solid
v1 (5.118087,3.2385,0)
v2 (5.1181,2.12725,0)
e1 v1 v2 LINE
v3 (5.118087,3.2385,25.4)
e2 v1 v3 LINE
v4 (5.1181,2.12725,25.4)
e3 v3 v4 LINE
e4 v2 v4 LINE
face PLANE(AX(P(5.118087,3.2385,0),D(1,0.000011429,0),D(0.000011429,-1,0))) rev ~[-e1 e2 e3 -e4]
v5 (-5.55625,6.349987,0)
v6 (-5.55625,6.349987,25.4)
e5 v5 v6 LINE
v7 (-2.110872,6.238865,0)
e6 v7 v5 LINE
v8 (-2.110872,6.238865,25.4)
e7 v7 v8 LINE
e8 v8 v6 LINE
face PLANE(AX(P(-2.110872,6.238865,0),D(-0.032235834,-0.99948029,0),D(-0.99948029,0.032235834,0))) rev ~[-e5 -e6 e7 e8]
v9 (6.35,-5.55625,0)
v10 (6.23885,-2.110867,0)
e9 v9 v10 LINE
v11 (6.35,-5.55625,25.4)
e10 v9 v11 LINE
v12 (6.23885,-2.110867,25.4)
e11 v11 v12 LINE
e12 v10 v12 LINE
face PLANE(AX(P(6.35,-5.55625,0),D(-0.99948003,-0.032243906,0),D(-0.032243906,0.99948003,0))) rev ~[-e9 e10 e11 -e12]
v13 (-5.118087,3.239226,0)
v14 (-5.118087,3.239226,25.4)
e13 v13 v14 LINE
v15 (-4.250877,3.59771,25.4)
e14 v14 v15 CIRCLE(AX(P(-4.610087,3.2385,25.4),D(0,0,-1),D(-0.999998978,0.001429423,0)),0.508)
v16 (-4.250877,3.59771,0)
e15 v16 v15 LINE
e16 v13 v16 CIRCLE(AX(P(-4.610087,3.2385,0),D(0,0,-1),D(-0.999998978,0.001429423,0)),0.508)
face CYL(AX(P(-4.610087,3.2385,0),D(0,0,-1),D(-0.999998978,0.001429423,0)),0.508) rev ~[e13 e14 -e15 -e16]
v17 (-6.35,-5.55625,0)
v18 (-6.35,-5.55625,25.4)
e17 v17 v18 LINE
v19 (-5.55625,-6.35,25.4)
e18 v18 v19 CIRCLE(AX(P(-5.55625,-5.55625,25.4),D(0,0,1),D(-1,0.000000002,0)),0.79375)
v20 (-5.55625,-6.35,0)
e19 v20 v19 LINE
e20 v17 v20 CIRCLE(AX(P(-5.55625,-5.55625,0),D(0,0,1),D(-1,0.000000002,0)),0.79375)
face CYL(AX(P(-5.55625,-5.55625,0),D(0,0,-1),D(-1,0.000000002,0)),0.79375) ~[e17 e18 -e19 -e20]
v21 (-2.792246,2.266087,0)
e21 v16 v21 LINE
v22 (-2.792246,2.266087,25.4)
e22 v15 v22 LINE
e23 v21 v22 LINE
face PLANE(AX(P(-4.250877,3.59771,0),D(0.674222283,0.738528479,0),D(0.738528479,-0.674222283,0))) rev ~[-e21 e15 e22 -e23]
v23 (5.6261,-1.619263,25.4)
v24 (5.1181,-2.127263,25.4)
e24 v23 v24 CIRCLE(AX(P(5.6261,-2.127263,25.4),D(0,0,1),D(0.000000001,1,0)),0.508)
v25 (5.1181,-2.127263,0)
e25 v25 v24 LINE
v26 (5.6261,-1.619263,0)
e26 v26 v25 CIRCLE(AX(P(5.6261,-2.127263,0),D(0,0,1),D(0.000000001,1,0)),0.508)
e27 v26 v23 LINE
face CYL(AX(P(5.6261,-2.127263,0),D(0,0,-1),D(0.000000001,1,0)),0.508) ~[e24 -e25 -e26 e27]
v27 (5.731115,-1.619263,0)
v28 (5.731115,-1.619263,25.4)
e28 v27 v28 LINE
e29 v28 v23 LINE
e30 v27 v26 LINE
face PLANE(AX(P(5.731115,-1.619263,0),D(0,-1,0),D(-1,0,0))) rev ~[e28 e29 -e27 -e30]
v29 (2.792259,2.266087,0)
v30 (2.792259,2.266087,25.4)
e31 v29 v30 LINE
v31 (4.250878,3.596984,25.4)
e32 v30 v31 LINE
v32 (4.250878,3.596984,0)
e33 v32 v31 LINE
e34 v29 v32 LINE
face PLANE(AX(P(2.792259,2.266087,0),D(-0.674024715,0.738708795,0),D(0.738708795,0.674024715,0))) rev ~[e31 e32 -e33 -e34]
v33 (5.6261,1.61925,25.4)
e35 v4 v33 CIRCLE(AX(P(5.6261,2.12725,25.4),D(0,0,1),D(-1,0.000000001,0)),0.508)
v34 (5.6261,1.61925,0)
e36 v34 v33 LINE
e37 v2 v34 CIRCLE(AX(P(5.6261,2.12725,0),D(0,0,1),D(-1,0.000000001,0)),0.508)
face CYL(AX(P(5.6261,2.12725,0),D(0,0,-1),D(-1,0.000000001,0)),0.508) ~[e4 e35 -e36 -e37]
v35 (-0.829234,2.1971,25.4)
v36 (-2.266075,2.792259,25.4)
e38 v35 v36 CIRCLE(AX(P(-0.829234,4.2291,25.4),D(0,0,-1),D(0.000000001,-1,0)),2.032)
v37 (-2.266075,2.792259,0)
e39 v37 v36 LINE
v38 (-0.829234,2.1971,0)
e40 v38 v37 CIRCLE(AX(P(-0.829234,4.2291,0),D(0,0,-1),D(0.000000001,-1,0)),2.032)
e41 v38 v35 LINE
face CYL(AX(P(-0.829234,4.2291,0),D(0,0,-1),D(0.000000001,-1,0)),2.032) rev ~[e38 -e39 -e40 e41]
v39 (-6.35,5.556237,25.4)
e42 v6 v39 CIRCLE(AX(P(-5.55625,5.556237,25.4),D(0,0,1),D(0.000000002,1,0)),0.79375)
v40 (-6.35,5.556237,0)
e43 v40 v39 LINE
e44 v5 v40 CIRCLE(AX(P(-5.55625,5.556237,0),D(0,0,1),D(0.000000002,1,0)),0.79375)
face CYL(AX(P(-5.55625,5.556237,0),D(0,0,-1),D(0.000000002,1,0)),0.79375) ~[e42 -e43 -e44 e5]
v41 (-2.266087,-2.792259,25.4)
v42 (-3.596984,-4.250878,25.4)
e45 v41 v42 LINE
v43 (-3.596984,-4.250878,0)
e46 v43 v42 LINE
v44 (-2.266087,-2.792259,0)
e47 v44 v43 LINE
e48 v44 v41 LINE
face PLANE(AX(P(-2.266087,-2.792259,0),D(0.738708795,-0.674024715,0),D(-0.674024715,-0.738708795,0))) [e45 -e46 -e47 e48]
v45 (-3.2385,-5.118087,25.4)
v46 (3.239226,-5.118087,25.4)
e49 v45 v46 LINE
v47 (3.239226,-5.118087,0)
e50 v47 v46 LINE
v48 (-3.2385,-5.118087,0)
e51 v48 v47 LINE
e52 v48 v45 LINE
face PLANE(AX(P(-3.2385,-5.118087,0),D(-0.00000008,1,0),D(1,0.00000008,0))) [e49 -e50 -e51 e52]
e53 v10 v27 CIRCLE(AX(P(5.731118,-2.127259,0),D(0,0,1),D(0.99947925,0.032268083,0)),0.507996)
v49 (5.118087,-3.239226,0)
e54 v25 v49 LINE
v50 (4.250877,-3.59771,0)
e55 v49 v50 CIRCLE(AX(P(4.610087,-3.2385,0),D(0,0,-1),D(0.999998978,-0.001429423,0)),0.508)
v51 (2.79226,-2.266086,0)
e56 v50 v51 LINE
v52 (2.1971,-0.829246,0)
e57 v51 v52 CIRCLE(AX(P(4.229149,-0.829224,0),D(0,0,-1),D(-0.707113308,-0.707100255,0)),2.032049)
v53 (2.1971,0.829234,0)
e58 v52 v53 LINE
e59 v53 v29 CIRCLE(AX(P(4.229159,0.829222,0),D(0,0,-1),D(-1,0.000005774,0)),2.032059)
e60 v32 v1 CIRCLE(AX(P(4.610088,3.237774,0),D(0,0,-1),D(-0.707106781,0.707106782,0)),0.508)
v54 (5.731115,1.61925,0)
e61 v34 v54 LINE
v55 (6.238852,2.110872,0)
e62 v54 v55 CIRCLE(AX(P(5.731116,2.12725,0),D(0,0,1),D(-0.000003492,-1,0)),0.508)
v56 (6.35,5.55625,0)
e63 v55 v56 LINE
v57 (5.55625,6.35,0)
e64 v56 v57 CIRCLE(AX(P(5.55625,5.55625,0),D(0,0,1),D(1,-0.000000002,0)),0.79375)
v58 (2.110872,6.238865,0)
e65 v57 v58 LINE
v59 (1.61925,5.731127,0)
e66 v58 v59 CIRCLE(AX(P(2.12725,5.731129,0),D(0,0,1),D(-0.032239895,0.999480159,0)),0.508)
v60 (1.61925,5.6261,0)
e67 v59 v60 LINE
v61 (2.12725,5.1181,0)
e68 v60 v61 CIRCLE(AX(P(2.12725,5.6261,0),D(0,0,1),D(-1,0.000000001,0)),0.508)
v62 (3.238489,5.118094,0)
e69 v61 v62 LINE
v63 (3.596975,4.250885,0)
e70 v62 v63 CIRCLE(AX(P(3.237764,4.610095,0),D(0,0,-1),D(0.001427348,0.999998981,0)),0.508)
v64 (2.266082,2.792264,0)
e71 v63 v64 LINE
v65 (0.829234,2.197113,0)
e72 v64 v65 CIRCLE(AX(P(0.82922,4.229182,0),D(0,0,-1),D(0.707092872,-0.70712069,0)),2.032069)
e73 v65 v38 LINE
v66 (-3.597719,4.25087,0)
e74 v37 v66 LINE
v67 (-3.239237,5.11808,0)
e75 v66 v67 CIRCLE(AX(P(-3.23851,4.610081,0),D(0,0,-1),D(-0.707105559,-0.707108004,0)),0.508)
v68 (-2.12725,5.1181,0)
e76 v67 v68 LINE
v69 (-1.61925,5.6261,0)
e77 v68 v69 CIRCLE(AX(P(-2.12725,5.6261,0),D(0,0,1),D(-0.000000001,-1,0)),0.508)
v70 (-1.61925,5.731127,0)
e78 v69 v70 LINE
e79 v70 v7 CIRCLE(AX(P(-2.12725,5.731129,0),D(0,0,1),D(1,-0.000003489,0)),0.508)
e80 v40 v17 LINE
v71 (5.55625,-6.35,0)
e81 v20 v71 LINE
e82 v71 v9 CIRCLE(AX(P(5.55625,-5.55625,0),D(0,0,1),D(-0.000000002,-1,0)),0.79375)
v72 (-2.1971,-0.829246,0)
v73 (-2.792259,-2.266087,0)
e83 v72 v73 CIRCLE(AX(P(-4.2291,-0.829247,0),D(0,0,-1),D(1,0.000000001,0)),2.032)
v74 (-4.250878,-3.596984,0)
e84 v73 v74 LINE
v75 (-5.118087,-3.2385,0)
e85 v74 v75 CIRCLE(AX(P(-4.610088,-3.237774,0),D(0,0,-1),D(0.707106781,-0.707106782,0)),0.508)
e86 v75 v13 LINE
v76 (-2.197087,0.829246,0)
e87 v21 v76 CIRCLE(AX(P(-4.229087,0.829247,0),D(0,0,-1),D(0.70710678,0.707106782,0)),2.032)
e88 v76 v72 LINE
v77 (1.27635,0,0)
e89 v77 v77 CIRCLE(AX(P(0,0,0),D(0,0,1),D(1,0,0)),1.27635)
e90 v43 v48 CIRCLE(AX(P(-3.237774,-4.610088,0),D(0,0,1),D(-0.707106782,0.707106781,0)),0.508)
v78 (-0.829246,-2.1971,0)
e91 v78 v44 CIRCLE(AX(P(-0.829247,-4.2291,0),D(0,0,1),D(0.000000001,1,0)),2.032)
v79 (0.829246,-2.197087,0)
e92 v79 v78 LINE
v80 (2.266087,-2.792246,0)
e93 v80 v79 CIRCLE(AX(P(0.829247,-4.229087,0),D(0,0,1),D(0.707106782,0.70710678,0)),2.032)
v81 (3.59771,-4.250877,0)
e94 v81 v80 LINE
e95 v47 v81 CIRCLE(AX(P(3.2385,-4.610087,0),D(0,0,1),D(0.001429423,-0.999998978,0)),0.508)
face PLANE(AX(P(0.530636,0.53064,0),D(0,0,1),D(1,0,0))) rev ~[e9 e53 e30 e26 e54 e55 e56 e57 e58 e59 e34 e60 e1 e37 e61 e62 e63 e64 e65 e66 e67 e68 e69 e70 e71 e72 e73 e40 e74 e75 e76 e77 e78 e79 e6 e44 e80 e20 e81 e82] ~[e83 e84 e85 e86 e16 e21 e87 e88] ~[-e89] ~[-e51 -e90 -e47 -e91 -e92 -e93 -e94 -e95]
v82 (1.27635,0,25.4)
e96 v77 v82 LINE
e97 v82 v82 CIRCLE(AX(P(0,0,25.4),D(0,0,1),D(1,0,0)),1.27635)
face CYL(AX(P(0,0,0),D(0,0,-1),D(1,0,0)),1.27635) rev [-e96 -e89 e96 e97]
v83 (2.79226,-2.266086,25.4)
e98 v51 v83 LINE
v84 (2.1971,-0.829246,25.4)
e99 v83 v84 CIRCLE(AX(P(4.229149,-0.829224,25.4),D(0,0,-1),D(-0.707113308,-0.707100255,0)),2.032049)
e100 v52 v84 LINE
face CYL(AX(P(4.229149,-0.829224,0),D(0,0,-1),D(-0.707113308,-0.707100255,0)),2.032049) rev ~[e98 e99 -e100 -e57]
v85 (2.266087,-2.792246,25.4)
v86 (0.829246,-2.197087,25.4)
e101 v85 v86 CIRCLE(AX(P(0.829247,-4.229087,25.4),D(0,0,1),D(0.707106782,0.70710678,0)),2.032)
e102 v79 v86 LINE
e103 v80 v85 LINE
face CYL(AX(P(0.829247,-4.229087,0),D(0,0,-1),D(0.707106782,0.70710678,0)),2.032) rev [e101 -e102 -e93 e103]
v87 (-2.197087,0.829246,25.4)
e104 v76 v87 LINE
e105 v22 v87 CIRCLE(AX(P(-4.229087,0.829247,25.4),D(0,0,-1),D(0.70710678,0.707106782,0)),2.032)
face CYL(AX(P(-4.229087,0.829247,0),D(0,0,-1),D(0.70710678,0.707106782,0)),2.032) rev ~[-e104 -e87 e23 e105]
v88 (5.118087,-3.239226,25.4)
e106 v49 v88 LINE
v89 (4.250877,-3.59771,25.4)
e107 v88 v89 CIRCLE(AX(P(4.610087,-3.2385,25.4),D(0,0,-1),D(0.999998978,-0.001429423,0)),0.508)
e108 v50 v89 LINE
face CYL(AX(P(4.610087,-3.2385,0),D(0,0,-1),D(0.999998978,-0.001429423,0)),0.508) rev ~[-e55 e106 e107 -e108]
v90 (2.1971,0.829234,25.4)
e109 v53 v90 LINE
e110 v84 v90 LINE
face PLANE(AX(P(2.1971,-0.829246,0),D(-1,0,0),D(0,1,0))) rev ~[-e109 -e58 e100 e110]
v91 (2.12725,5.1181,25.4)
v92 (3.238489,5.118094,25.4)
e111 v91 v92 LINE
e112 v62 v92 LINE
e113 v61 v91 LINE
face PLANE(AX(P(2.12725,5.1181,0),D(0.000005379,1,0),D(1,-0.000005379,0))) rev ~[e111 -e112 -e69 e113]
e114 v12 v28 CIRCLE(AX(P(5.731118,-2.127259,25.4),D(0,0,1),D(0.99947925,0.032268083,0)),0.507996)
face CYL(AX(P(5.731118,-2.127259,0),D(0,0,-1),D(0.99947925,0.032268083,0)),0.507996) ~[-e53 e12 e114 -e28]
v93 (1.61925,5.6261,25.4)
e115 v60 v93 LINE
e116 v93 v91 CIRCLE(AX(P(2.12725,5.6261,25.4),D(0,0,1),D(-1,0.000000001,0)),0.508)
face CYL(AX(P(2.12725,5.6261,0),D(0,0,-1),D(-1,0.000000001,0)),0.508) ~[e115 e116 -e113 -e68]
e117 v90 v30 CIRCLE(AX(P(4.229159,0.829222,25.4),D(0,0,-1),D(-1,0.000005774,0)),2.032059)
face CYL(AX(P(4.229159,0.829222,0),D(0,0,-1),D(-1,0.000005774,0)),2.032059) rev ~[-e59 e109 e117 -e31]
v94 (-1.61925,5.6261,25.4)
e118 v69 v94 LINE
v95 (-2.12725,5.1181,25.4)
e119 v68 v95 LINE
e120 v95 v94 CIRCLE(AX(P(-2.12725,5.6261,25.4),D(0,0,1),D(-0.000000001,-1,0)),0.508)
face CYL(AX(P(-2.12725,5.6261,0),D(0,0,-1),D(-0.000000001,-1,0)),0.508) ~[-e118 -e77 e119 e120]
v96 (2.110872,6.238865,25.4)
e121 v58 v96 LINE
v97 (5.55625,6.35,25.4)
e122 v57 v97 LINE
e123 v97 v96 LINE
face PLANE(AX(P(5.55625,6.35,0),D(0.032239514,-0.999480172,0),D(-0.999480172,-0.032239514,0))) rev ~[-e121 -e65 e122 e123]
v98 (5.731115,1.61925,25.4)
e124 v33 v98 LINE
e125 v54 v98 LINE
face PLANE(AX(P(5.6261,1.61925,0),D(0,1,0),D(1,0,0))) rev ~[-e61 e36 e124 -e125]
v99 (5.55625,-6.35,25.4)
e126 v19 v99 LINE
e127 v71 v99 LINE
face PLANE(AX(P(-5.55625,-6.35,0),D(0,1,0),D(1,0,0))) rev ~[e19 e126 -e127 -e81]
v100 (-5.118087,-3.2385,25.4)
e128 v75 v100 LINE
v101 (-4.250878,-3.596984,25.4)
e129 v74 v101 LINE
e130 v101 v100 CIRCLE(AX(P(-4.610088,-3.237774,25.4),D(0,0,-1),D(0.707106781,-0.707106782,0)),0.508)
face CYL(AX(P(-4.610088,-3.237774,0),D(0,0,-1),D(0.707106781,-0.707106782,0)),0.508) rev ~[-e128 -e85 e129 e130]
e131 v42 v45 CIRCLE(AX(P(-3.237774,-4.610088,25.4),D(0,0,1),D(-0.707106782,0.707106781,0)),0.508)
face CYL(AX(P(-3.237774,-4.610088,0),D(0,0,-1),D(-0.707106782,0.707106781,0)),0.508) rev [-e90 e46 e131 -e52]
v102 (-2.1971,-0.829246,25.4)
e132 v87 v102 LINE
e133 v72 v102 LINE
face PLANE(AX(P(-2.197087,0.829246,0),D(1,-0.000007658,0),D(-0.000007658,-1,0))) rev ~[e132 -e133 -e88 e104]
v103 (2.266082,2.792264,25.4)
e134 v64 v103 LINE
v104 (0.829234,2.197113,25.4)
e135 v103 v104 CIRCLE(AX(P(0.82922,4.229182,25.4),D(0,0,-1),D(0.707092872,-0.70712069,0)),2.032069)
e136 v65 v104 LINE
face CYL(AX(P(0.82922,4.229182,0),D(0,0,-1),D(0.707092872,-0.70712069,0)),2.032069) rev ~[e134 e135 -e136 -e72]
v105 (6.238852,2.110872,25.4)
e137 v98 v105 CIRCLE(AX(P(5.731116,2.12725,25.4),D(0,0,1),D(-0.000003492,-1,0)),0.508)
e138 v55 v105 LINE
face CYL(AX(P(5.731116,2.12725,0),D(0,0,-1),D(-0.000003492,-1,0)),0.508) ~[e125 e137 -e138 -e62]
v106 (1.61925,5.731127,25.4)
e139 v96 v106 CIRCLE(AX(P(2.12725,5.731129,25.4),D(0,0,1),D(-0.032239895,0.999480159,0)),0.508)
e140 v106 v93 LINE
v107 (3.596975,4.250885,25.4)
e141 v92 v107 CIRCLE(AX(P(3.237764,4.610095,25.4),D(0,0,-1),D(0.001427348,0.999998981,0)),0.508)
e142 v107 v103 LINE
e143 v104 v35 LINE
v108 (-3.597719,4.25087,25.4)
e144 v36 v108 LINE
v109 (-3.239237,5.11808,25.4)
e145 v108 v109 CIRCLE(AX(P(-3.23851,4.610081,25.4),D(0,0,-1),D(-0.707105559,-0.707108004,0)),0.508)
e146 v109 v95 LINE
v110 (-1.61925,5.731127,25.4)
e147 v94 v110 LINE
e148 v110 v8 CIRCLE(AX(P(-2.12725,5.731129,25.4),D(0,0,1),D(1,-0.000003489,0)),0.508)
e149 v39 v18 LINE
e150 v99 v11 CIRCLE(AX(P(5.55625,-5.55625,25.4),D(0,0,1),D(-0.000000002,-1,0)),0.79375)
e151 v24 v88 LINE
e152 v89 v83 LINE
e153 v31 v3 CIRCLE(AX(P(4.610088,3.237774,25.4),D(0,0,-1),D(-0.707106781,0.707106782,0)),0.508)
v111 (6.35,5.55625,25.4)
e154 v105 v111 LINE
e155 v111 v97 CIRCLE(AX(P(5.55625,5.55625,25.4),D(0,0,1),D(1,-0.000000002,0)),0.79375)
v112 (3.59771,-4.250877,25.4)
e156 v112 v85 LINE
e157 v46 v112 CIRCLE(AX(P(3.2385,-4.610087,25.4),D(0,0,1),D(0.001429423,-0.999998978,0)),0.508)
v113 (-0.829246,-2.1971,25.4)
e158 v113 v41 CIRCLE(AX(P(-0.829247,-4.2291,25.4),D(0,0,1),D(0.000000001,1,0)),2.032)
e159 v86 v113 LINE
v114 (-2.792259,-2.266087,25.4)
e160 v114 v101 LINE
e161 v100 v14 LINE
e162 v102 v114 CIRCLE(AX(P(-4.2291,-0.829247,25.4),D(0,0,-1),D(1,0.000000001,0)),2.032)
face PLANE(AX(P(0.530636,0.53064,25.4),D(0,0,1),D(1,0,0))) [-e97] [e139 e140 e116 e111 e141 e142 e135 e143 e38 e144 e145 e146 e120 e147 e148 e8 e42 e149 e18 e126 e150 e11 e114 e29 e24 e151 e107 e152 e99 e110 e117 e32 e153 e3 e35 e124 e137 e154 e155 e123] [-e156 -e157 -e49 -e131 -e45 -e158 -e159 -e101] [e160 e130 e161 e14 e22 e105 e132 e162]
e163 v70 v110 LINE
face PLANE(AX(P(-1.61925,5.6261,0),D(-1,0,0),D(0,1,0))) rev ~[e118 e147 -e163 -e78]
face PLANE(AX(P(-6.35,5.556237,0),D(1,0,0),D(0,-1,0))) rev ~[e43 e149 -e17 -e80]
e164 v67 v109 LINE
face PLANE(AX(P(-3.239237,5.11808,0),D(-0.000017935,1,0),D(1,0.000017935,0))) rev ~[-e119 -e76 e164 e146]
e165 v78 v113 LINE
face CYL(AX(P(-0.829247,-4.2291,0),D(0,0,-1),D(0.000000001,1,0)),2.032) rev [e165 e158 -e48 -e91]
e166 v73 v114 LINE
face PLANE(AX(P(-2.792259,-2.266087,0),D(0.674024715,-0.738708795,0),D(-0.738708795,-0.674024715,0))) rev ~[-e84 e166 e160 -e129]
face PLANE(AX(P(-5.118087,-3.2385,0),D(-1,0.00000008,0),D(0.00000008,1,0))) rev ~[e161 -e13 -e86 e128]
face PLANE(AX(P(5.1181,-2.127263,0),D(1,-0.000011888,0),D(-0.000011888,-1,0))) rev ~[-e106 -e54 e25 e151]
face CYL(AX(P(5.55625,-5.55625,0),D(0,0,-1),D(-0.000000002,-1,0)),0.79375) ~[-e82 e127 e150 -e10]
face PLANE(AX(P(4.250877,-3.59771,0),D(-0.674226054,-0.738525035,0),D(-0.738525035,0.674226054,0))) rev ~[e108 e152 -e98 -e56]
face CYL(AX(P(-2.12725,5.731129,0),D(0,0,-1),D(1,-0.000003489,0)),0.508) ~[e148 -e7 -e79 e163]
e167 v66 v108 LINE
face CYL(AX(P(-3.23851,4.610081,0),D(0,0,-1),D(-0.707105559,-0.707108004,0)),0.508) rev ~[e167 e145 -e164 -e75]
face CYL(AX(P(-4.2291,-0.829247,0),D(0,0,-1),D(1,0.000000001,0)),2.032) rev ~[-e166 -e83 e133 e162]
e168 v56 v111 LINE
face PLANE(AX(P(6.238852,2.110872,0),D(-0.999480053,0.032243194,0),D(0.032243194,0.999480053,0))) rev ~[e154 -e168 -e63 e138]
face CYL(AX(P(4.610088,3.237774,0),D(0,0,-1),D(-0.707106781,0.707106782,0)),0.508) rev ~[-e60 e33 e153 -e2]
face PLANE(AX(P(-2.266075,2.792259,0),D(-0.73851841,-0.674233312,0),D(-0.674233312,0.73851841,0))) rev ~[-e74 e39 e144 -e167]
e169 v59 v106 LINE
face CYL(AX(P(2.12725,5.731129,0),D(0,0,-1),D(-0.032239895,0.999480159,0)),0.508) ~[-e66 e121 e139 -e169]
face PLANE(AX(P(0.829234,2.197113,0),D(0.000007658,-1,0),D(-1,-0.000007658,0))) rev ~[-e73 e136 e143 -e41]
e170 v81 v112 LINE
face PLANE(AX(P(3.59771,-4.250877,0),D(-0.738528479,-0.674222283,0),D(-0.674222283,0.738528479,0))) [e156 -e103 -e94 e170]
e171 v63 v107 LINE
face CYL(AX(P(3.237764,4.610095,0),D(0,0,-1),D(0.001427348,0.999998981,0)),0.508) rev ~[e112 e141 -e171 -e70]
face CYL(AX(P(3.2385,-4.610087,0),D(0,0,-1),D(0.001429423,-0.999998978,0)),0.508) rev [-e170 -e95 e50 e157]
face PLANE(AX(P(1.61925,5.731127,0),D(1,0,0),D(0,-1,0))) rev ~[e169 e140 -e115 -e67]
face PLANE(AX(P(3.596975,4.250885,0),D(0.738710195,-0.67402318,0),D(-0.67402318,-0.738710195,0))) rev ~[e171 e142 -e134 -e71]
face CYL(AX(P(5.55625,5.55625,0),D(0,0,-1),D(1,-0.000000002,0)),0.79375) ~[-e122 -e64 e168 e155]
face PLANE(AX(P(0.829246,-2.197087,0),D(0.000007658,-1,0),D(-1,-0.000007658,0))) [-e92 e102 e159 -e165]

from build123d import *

# Parameters (mm, degrees)
SKETCH1_R      = 1.27635
EXTRUDE1_DEPTH = 25.4


with BuildPart() as part:
    # Sketch1 → Extrude1 (new body)
    with BuildSketch(Plane.XY):
        with BuildLine():
            Line((-2.266074779, 2.792259021), (-3.597719195, 4.250869712))
            ThreePointArc((-3.597719195, 4.250869712), (-3.707979565, 4.804147382), (-3.239236773, 5.118080056))
            Line((-3.239236773, 5.118080056), (-2.12725, 5.1181))
            ThreePointArc((-2.12725, 5.1181), (-1.768039755, 5.266889755), (-1.61925, 5.6261))
            Line((-1.61925, 5.6261), (-1.61925, 5.731127227))
            ThreePointArc((-1.61925, 5.731127227), (-1.762294622, 6.084500719), (-2.110872134, 6.238864921))
            Line((-2.110872134, 6.238864921), (-5.55625, 6.3499873))
            ThreePointArc((-5.55625, 6.3499873), (-6.117516008, 6.117503308), (-6.35, 5.5562373))
            Line((-6.35, 5.5562373), (-6.35, -5.55625))
            ThreePointArc((-6.35, -5.55625), (-6.117516008, -6.117516008), (-5.55625, -6.35))
            Line((-5.55625, -6.35), (5.55625, -6.35))
            ThreePointArc((5.55625, -6.35), (6.117516008, -6.117516008), (6.35, -5.55625))
            Line((6.35, -5.55625), (6.2388496, -2.110867))
            ThreePointArc((6.2388496, -2.110867), (6.084481448, -1.762300959), (5.73111497, -1.6192627))
            Line((5.73111497, -1.6192627), (5.6261, -1.6192627))
            ThreePointArc((5.6261, -1.6192627), (5.266889755, -1.768052455), (5.1181, -2.1272627))
            Line((5.1181, -2.1272627), (5.118086781, -3.239226147))
            ThreePointArc((5.118086781, -3.239226147), (4.804155079, -3.707969591), (4.250877181, -3.59771037))
            Line((4.250877181, -3.59771037), (2.7922601, -2.2660864))
            ThreePointArc((2.7922601, -2.2660864), (2.351781222, -1.606857234), (2.1971, -0.8292465))
            Line((2.1971, -0.8292465), (2.1971, 0.8292338))
            ThreePointArc((2.1971, 0.8292338), (2.35177885, 1.606851508), (2.792259021, 2.266087479))
            Line((2.792259021, 2.266087479), (4.250877574, 3.596983984))
            ThreePointArc((4.250877574, 3.596983984), (4.804155516, 3.707243364), (5.1180873, 3.238499886))
            Line((5.1180873, 3.238499886), (5.1181, 2.12725))
            ThreePointArc((5.1181, 2.12725), (5.266889755, 1.768039755), (5.6261, 1.61925))
            Line((5.6261, 1.61925), (5.731114527, 1.61925))
            ThreePointArc((5.731114527, 1.61925), (6.084488115, 1.762294714), (6.23885223, 2.1108724))
            Line((6.23885223, 2.1108724), (6.35, 5.55625))
            ThreePointArc((6.35, 5.55625), (6.117516008, 6.117516008), (5.55625, 6.35))
            Line((5.55625, 6.35), (2.110872134, 6.238864921))
            ThreePointArc((2.110872134, 6.238864921), (1.762294622, 6.084500719), (1.61925, 5.731127227))
            Line((1.61925, 5.731127227), (1.61925, 5.6261))
            ThreePointArc((1.61925, 5.6261), (1.768039755, 5.266889755), (2.12725, 5.1181))
            Line((2.12725, 5.1181), (3.238489261, 5.118094023))
            ThreePointArc((3.238489261, 5.118094023), (3.70723339, 4.804163213), (3.596975159, 4.250885042))
            Line((3.596975159, 4.250885042), (2.266081683, 2.792263725))
            ThreePointArc((2.266081683, 2.792263725), (1.606847146, 2.351789743), (0.8292338, 2.1971127))
            Line((0.8292338, 2.1971127), (-0.8292338, 2.1971))
            ThreePointArc((-0.8292338, 2.1971), (-1.606846535, 2.35177679), (-2.266074779, 2.792259021))
        make_face()
        Circle(SKETCH1_R, mode=Mode.SUBTRACT)
        with BuildLine():
            Line((-5.1180873, -3.238499886), (-5.118086781, 3.239226147))
            ThreePointArc((-5.118086781, 3.239226147), (-4.804155079, 3.707969591), (-4.250877181, 3.59771037))
            Line((-4.250877181, 3.59771037), (-2.792246321, 2.266087479))
            ThreePointArc((-2.792246321, 2.266087479), (-2.35176409, 1.606859235), (-2.1970873, 0.8292465))
            Line((-2.1970873, 0.8292465), (-2.1971, -0.8292465))
            ThreePointArc((-2.1971, -0.8292465), (-2.35177679, -1.606859235), (-2.792259021, -2.266087479))
            Line((-2.792259021, -2.266087479), (-4.250877574, -3.596983984))
            ThreePointArc((-4.250877574, -3.596983984), (-4.804155516, -3.707243364), (-5.1180873, -3.238499886))
        make_face(mode=Mode.SUBTRACT)
        with BuildLine():
            Line((0.8292465, -2.1970873), (-0.8292465, -2.1971))
            ThreePointArc((-0.8292465, -2.1971), (-1.606859235, -2.35177679), (-2.266087479, -2.792259021))
            Line((-2.266087479, -2.792259021), (-3.596983984, -4.250877574))
            ThreePointArc((-3.596983984, -4.250877574), (-3.707243364, -4.804155516), (-3.238499886, -5.1180873))
            Line((-3.238499886, -5.1180873), (3.239226147, -5.118086781))
            ThreePointArc((3.239226147, -5.118086781), (3.707969591, -4.804155079), (3.59771037, -4.250877181))
            Line((3.59771037, -4.250877181), (2.266087479, -2.792246321))
            ThreePointArc((2.266087479, -2.792246321), (1.606859235, -2.35176409), (0.8292465, -2.1970873))
        make_face(mode=Mode.SUBTRACT)
    extrude(amount=EXTRUDE1_DEPTH)


solid = part.part
